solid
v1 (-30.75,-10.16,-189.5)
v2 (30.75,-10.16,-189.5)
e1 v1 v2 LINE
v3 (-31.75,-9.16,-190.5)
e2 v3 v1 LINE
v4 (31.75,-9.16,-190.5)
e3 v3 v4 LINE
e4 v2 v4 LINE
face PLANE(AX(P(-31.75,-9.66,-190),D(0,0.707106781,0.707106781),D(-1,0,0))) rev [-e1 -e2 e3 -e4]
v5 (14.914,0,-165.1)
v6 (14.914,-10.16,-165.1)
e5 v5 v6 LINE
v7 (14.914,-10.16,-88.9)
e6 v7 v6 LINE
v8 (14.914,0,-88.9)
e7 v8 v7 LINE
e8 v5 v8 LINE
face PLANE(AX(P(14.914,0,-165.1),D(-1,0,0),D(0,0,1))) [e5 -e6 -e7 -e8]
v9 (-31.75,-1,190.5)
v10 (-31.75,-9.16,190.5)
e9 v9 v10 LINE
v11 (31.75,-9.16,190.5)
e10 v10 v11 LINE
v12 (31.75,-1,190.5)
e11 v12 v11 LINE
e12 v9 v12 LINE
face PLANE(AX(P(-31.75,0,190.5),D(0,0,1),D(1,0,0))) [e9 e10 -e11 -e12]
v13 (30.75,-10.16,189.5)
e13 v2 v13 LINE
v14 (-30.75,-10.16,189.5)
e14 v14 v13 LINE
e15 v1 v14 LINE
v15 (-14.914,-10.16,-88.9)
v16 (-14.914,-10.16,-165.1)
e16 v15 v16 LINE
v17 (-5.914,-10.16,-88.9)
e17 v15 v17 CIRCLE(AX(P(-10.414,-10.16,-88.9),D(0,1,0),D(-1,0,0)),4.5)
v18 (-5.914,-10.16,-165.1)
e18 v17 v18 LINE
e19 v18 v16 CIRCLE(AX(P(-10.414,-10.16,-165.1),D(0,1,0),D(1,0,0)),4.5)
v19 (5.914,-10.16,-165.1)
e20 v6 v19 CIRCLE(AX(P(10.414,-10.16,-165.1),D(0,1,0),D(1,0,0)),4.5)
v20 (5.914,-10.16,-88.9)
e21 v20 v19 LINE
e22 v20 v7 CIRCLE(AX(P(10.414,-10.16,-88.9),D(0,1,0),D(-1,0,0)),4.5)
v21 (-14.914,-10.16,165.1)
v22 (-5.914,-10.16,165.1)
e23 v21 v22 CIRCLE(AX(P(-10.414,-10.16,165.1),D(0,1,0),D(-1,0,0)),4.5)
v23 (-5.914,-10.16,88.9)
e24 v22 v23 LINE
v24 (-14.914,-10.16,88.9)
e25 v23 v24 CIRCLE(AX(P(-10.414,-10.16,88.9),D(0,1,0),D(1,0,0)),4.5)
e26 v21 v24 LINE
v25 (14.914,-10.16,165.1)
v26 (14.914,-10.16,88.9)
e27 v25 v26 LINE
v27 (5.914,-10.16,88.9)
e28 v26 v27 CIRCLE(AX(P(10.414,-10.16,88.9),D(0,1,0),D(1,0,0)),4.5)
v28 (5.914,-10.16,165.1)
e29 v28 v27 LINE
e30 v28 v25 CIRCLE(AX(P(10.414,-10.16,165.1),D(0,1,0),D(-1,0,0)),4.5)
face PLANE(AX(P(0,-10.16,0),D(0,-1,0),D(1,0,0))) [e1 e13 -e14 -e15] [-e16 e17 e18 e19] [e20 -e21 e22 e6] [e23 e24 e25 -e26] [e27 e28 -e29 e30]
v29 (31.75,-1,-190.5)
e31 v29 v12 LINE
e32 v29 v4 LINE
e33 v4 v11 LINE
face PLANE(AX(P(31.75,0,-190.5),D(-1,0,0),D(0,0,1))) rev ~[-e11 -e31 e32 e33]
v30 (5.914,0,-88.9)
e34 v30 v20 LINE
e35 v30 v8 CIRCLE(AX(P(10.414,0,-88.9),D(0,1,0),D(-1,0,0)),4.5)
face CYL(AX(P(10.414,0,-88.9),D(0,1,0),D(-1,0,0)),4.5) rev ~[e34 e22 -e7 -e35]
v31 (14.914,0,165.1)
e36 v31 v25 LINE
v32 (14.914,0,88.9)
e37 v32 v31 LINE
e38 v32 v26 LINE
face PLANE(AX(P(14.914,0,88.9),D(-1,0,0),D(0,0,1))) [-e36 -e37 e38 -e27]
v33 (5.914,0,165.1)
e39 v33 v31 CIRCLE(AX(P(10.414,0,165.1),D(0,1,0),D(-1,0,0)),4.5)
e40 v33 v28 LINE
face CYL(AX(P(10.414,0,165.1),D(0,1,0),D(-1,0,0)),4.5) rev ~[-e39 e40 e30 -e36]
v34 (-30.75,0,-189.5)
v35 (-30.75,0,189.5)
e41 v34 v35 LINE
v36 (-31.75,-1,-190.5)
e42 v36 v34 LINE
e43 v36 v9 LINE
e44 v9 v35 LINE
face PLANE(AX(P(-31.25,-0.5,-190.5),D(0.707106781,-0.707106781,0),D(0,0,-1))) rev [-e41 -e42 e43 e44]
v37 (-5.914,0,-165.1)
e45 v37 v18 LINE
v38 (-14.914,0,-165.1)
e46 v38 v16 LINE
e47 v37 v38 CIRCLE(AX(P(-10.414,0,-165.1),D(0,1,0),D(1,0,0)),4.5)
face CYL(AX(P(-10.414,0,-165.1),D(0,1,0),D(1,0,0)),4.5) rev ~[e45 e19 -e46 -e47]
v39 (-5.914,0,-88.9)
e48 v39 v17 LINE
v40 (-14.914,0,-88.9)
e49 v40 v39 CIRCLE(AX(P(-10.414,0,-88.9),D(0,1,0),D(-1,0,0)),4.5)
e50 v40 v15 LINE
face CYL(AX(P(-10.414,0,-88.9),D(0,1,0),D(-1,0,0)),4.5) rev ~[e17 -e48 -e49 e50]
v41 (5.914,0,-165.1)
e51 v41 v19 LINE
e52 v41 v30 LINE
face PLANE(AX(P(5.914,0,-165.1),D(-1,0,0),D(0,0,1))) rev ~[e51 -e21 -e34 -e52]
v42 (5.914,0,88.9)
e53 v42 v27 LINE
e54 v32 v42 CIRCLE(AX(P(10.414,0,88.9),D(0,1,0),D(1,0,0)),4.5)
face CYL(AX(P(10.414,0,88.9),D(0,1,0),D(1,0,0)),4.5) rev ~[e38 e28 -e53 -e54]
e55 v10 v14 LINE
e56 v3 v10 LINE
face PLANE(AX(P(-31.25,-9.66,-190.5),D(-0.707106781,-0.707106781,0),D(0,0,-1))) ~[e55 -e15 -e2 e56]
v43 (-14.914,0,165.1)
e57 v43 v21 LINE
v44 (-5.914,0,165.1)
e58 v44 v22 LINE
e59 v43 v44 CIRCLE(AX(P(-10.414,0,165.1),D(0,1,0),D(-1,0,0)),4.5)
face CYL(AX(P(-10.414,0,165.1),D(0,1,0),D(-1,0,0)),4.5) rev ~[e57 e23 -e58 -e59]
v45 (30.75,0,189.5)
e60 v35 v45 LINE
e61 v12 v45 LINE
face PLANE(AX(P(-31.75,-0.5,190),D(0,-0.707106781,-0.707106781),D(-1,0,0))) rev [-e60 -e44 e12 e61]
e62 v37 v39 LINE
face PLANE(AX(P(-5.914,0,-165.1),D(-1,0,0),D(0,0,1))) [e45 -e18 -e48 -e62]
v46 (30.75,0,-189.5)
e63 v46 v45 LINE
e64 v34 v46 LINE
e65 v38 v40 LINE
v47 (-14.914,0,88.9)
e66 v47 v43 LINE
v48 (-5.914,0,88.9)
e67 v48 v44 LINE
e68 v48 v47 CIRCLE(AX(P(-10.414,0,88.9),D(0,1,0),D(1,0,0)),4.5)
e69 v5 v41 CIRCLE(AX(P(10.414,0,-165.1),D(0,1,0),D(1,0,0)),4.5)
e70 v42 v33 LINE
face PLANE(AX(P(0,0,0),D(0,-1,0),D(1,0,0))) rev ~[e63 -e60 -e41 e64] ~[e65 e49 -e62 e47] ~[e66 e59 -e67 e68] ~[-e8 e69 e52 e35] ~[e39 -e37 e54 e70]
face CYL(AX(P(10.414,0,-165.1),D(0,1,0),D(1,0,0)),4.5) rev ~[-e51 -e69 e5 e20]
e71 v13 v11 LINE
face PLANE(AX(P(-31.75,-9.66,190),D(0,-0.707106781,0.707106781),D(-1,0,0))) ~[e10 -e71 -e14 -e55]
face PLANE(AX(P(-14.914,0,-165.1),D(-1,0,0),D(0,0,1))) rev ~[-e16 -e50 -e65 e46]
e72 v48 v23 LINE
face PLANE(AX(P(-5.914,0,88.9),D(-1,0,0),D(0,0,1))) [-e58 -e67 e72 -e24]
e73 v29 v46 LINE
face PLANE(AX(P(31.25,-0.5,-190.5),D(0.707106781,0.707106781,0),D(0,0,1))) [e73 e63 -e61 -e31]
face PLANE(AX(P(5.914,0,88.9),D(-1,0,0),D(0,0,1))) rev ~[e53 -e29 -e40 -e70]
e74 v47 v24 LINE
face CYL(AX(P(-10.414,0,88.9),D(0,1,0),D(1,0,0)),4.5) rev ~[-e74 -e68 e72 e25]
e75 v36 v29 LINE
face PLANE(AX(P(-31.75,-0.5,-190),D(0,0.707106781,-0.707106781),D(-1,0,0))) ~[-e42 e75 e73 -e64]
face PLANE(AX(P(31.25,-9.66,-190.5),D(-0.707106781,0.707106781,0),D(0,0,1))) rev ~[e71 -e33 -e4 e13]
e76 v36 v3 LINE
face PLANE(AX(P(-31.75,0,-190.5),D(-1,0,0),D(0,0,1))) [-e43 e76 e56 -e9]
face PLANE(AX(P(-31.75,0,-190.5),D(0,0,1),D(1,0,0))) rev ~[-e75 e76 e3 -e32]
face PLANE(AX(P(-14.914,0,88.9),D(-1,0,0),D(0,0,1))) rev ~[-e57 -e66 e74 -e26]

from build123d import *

# Parameters (mm, degrees)
F0_W     = 63.5
F0_H     = 381
F1_DEPTH = 10.16
F2_W     = 9
F2_H     = 76.2
F3_DEPTH = 10.161
F4_SIZE  = 1


with BuildPart() as f1:
    # F0 (on Front) → F1 (new body)
    with BuildSketch(Plane.XZ):
        Rectangle(F0_W, F0_H)
    extrude(amount=F1_DEPTH)

    # F2 (on face) → F3 (cut, through all)
    with BuildSketch(Plane(origin=(0, 0, 0), x_dir=(-1, 0, 0), z_dir=(0, 1, 0))):
        with Locations((-10.414, -127)):
            Rectangle(F2_W, F2_H)
        with Locations((-10.414, 127)):
            Rectangle(F2_W, F2_H)
        with Locations((10.414, 127)):
            Rectangle(F2_W, F2_H)
        with BuildLine():
            Line((5.914, 165.1), (14.914, 165.1))
            ThreePointArc((14.914, 165.1), (10.414, 169.6), (5.914, 165.1))
        make_face()
        with BuildLine():
            ThreePointArc((-5.914, 165.1), (-10.414, 169.6), (-14.914, 165.1))
            Line((-14.914, 165.1), (-5.914, 165.1))
        make_face()
        with BuildLine():
            Line((-5.914, 88.9), (-14.914, 88.9))
            ThreePointArc((-14.914, 88.9), (-10.414, 84.4), (-5.914, 88.9))
        make_face()
        with BuildLine():
            ThreePointArc((5.914, 88.9), (10.414, 84.4), (14.914, 88.9))
            Line((14.914, 88.9), (5.914, 88.9))
        make_face()
        with BuildLine():
            Line((-14.914, -88.9), (-5.914, -88.9))
            ThreePointArc((-5.914, -88.9), (-10.414, -84.4), (-14.914, -88.9))
        make_face()
        with BuildLine():
            Line((5.914, -88.9), (14.914, -88.9))
            ThreePointArc((14.914, -88.9), (10.414, -84.4), (5.914, -88.9))
        make_face()
        with Locations((10.414, -127)):
            Rectangle(F2_W, F2_H)
        with BuildLine():
            ThreePointArc((5.914, -165.1), (10.414, -169.6), (14.914, -165.1))
            Line((14.914, -165.1), (5.914, -165.1))
        make_face()
        with BuildLine():
            ThreePointArc((-14.914, -165.1), (-10.414, -169.6), (-5.914, -165.1))
            Line((-5.914, -165.1), (-14.914, -165.1))
        make_face()
    extrude(amount=-F3_DEPTH, mode=Mode.SUBTRACT)

    # F4
    f4_edges = [f1.edges().sort_by_distance(p)[0] for p in [
        (-31.75, -10.16, 0),
        (31.75, -10.16, 0),
        (0, -10.16, 190.5),
        (0, -10.16, -190.5),
        (0, 0, 190.5),
        (-31.75, 0, 0),
        (0, 0, -190.5),
        (31.75, 0, 0),
    ]]
    chamfer(f4_edges, length=F4_SIZE)


solid = f1.part
